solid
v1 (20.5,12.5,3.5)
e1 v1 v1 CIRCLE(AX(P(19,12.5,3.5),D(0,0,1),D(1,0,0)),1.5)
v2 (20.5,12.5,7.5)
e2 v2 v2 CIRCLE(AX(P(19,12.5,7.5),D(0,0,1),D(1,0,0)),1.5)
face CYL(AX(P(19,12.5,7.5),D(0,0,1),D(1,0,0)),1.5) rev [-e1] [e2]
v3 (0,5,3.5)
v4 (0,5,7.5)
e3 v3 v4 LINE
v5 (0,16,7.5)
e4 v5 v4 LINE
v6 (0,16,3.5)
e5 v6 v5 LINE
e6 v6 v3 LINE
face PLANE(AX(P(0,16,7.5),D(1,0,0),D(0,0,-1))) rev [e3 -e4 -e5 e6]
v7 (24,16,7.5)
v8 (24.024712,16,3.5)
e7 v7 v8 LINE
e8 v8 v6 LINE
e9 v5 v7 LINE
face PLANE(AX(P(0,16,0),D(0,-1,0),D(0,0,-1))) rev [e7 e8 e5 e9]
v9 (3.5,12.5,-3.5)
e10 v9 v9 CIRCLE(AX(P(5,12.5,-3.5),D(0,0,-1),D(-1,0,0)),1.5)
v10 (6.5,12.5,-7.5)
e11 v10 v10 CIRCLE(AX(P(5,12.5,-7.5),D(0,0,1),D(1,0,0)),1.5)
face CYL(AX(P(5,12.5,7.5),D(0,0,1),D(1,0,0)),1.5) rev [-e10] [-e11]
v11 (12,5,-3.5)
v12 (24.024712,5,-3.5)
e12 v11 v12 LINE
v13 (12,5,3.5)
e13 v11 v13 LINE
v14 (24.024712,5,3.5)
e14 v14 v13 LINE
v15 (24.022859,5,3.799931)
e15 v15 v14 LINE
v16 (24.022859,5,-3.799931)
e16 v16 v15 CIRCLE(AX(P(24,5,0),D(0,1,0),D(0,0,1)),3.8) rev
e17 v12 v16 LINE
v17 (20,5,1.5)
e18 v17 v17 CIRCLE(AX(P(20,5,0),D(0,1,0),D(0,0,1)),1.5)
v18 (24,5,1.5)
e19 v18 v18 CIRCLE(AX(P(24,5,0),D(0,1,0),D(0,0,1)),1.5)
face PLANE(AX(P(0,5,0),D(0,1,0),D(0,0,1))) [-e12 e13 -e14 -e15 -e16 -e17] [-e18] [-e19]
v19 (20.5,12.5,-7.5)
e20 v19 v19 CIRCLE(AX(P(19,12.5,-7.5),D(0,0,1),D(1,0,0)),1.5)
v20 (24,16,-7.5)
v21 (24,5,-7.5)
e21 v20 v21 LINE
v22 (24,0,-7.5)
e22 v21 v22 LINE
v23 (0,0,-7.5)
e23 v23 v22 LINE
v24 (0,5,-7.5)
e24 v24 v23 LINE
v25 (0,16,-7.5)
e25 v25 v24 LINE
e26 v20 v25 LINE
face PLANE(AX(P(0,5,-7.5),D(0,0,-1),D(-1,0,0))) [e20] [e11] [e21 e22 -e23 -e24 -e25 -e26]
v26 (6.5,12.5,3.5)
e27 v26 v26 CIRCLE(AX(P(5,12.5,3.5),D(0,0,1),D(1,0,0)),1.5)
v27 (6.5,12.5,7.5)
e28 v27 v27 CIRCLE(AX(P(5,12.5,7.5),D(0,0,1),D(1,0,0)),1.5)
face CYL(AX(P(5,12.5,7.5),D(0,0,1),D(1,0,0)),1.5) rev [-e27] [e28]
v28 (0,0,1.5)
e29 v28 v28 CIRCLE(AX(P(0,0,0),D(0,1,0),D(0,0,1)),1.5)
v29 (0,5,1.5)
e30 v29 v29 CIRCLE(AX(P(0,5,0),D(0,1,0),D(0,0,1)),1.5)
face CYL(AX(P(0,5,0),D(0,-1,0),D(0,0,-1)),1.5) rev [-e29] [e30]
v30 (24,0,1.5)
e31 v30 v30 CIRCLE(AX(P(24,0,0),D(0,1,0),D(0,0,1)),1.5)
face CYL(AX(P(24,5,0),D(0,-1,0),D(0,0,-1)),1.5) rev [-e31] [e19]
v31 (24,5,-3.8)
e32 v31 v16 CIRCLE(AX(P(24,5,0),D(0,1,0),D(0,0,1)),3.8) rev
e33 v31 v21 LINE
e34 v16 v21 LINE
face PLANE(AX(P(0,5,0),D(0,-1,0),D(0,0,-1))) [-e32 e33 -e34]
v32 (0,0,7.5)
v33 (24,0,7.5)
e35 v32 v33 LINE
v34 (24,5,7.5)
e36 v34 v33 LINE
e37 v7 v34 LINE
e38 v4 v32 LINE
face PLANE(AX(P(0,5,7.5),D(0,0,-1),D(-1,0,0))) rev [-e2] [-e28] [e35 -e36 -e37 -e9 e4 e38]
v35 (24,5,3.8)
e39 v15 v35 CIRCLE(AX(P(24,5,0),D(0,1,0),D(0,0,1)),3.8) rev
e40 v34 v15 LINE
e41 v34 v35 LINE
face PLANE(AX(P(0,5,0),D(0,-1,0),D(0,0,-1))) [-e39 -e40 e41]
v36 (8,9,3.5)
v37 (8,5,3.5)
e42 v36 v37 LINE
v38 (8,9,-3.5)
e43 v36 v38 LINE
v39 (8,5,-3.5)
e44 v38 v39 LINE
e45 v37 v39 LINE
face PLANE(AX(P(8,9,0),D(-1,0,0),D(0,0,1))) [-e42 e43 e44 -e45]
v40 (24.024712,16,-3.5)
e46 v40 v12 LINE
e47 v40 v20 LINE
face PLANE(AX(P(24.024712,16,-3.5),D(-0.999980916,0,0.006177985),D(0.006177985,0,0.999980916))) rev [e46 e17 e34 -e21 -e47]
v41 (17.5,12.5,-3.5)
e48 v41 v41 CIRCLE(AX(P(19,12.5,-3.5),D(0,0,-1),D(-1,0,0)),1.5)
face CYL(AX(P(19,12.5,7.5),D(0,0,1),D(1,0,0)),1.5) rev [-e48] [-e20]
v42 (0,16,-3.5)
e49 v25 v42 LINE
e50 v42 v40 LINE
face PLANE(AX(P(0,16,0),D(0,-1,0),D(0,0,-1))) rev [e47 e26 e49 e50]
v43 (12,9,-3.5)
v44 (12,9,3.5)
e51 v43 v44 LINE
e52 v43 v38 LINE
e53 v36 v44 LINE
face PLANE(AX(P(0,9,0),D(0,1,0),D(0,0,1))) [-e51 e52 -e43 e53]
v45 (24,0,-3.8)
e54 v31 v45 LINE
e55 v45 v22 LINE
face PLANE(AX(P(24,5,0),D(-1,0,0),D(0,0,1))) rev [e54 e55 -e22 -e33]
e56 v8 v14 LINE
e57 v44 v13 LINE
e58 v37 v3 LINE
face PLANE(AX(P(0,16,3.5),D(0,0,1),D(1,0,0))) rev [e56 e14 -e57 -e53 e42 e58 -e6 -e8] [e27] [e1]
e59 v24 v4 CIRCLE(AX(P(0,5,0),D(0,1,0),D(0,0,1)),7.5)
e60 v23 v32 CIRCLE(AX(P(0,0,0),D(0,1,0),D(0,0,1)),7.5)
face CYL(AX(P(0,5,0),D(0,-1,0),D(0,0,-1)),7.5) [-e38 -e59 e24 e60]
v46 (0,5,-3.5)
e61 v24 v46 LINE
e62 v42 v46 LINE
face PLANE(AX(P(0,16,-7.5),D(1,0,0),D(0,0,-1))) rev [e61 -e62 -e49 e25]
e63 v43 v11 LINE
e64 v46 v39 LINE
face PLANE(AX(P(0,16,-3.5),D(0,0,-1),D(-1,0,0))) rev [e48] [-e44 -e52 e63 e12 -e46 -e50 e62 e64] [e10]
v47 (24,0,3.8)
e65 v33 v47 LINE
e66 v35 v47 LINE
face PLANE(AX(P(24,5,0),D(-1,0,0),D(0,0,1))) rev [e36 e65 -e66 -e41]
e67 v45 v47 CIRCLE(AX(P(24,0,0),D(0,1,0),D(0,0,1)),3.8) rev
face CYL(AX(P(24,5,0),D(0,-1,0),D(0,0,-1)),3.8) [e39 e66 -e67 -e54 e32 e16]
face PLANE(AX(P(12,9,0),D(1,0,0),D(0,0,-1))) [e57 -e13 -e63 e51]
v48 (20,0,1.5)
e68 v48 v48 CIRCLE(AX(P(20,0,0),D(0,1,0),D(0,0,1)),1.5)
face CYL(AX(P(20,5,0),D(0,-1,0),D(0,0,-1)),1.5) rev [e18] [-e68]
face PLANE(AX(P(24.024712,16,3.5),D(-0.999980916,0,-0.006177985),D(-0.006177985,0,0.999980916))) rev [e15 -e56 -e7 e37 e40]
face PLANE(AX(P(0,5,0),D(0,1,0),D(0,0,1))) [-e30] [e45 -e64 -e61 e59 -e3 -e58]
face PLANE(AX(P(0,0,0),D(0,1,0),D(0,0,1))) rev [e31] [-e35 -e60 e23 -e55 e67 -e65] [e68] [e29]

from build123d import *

# Parameters (mm, degrees)
SKETCH1_R                = 1.5
BOSS_EXTRUDE1_DEPTH      = 5
BOSS_EXTRUDE2_DEPTH      = 11
SKETCH3_W                = 2
SKETCH3_H                = 3.5
BOSS_EXTRUDE3_DEPTH      = 4
F_3_0_3_DIAMETER_HOLE2_D = 3


with BuildPart() as part:
    # Sketch1 → Boss-Extrude1 (new body)
    with BuildSketch(Plane(origin=(0, 0, 0), x_dir=(1, 0, 0), z_dir=(0, 1, 0))):
        with BuildLine():
            Line((24, -7.5), (24, -3.8))
            ThreePointArc((24, -3.8), (27.8, 0), (24, 3.8))
            Line((24, 3.8), (24, 7.5))
            Line((24, 7.5), (0, 7.5))
            ThreePointArc((0, 7.5), (-7.5, 0), (0, -7.5))
            Line((0, -7.5), (24, -7.5))
        make_face()
        with Locations(Location((20, 0, 0), (0, 0, 270))):
            Circle(SKETCH1_R, mode=Mode.SUBTRACT)
        with Locations(Location((24, 0, 0), (0, 0, 270))):
            Circle(SKETCH1_R, mode=Mode.SUBTRACT)
        with Locations(Location((0, 0, 0), (0, 0, 270))):
            Circle(SKETCH1_R, mode=Mode.SUBTRACT)
    extrude(amount=BOSS_EXTRUDE1_DEPTH)

    # Sketch2 → Boss-Extrude2 (add)
    with BuildSketch(Plane(origin=(0, 5, 0), x_dir=(1, 0, 0), z_dir=(0, 1, 0))):
        Polygon((0, -7.5), (0, -3.5), (24.024712411, -3.5), (24, -7.5), align=None)
        Polygon((24.024712411, 3.5), (24, 7.5), (0, 7.5), (0, 3.5), align=None)
    extrude(amount=BOSS_EXTRUDE2_DEPTH)

    # Sketch3 → Boss-Extrude3 (add)
    with BuildSketch(Plane(origin=(0, 5, 0), x_dir=(1, 0, 0), z_dir=(0, 1, 0))):
        Polygon((10, 0), (8, 0), (8, -3.5), (12, -3.5), (12, 0), align=None)
        with Locations((11, 1.75)):
            Rectangle(SKETCH3_W, SKETCH3_H)
        with Locations((9, 1.75)):
            Rectangle(SKETCH3_W, SKETCH3_H)
    extrude(amount=BOSS_EXTRUDE3_DEPTH)

    # Ø3.0 (3) Diameter Hole2 (through all)
    with Locations(Plane.XY.offset(7.5)):
        with Locations((19, 12.5), (5, 12.5)):
            Hole(F_3_0_3_DIAMETER_HOLE2_D / 2)


solid = part.part
